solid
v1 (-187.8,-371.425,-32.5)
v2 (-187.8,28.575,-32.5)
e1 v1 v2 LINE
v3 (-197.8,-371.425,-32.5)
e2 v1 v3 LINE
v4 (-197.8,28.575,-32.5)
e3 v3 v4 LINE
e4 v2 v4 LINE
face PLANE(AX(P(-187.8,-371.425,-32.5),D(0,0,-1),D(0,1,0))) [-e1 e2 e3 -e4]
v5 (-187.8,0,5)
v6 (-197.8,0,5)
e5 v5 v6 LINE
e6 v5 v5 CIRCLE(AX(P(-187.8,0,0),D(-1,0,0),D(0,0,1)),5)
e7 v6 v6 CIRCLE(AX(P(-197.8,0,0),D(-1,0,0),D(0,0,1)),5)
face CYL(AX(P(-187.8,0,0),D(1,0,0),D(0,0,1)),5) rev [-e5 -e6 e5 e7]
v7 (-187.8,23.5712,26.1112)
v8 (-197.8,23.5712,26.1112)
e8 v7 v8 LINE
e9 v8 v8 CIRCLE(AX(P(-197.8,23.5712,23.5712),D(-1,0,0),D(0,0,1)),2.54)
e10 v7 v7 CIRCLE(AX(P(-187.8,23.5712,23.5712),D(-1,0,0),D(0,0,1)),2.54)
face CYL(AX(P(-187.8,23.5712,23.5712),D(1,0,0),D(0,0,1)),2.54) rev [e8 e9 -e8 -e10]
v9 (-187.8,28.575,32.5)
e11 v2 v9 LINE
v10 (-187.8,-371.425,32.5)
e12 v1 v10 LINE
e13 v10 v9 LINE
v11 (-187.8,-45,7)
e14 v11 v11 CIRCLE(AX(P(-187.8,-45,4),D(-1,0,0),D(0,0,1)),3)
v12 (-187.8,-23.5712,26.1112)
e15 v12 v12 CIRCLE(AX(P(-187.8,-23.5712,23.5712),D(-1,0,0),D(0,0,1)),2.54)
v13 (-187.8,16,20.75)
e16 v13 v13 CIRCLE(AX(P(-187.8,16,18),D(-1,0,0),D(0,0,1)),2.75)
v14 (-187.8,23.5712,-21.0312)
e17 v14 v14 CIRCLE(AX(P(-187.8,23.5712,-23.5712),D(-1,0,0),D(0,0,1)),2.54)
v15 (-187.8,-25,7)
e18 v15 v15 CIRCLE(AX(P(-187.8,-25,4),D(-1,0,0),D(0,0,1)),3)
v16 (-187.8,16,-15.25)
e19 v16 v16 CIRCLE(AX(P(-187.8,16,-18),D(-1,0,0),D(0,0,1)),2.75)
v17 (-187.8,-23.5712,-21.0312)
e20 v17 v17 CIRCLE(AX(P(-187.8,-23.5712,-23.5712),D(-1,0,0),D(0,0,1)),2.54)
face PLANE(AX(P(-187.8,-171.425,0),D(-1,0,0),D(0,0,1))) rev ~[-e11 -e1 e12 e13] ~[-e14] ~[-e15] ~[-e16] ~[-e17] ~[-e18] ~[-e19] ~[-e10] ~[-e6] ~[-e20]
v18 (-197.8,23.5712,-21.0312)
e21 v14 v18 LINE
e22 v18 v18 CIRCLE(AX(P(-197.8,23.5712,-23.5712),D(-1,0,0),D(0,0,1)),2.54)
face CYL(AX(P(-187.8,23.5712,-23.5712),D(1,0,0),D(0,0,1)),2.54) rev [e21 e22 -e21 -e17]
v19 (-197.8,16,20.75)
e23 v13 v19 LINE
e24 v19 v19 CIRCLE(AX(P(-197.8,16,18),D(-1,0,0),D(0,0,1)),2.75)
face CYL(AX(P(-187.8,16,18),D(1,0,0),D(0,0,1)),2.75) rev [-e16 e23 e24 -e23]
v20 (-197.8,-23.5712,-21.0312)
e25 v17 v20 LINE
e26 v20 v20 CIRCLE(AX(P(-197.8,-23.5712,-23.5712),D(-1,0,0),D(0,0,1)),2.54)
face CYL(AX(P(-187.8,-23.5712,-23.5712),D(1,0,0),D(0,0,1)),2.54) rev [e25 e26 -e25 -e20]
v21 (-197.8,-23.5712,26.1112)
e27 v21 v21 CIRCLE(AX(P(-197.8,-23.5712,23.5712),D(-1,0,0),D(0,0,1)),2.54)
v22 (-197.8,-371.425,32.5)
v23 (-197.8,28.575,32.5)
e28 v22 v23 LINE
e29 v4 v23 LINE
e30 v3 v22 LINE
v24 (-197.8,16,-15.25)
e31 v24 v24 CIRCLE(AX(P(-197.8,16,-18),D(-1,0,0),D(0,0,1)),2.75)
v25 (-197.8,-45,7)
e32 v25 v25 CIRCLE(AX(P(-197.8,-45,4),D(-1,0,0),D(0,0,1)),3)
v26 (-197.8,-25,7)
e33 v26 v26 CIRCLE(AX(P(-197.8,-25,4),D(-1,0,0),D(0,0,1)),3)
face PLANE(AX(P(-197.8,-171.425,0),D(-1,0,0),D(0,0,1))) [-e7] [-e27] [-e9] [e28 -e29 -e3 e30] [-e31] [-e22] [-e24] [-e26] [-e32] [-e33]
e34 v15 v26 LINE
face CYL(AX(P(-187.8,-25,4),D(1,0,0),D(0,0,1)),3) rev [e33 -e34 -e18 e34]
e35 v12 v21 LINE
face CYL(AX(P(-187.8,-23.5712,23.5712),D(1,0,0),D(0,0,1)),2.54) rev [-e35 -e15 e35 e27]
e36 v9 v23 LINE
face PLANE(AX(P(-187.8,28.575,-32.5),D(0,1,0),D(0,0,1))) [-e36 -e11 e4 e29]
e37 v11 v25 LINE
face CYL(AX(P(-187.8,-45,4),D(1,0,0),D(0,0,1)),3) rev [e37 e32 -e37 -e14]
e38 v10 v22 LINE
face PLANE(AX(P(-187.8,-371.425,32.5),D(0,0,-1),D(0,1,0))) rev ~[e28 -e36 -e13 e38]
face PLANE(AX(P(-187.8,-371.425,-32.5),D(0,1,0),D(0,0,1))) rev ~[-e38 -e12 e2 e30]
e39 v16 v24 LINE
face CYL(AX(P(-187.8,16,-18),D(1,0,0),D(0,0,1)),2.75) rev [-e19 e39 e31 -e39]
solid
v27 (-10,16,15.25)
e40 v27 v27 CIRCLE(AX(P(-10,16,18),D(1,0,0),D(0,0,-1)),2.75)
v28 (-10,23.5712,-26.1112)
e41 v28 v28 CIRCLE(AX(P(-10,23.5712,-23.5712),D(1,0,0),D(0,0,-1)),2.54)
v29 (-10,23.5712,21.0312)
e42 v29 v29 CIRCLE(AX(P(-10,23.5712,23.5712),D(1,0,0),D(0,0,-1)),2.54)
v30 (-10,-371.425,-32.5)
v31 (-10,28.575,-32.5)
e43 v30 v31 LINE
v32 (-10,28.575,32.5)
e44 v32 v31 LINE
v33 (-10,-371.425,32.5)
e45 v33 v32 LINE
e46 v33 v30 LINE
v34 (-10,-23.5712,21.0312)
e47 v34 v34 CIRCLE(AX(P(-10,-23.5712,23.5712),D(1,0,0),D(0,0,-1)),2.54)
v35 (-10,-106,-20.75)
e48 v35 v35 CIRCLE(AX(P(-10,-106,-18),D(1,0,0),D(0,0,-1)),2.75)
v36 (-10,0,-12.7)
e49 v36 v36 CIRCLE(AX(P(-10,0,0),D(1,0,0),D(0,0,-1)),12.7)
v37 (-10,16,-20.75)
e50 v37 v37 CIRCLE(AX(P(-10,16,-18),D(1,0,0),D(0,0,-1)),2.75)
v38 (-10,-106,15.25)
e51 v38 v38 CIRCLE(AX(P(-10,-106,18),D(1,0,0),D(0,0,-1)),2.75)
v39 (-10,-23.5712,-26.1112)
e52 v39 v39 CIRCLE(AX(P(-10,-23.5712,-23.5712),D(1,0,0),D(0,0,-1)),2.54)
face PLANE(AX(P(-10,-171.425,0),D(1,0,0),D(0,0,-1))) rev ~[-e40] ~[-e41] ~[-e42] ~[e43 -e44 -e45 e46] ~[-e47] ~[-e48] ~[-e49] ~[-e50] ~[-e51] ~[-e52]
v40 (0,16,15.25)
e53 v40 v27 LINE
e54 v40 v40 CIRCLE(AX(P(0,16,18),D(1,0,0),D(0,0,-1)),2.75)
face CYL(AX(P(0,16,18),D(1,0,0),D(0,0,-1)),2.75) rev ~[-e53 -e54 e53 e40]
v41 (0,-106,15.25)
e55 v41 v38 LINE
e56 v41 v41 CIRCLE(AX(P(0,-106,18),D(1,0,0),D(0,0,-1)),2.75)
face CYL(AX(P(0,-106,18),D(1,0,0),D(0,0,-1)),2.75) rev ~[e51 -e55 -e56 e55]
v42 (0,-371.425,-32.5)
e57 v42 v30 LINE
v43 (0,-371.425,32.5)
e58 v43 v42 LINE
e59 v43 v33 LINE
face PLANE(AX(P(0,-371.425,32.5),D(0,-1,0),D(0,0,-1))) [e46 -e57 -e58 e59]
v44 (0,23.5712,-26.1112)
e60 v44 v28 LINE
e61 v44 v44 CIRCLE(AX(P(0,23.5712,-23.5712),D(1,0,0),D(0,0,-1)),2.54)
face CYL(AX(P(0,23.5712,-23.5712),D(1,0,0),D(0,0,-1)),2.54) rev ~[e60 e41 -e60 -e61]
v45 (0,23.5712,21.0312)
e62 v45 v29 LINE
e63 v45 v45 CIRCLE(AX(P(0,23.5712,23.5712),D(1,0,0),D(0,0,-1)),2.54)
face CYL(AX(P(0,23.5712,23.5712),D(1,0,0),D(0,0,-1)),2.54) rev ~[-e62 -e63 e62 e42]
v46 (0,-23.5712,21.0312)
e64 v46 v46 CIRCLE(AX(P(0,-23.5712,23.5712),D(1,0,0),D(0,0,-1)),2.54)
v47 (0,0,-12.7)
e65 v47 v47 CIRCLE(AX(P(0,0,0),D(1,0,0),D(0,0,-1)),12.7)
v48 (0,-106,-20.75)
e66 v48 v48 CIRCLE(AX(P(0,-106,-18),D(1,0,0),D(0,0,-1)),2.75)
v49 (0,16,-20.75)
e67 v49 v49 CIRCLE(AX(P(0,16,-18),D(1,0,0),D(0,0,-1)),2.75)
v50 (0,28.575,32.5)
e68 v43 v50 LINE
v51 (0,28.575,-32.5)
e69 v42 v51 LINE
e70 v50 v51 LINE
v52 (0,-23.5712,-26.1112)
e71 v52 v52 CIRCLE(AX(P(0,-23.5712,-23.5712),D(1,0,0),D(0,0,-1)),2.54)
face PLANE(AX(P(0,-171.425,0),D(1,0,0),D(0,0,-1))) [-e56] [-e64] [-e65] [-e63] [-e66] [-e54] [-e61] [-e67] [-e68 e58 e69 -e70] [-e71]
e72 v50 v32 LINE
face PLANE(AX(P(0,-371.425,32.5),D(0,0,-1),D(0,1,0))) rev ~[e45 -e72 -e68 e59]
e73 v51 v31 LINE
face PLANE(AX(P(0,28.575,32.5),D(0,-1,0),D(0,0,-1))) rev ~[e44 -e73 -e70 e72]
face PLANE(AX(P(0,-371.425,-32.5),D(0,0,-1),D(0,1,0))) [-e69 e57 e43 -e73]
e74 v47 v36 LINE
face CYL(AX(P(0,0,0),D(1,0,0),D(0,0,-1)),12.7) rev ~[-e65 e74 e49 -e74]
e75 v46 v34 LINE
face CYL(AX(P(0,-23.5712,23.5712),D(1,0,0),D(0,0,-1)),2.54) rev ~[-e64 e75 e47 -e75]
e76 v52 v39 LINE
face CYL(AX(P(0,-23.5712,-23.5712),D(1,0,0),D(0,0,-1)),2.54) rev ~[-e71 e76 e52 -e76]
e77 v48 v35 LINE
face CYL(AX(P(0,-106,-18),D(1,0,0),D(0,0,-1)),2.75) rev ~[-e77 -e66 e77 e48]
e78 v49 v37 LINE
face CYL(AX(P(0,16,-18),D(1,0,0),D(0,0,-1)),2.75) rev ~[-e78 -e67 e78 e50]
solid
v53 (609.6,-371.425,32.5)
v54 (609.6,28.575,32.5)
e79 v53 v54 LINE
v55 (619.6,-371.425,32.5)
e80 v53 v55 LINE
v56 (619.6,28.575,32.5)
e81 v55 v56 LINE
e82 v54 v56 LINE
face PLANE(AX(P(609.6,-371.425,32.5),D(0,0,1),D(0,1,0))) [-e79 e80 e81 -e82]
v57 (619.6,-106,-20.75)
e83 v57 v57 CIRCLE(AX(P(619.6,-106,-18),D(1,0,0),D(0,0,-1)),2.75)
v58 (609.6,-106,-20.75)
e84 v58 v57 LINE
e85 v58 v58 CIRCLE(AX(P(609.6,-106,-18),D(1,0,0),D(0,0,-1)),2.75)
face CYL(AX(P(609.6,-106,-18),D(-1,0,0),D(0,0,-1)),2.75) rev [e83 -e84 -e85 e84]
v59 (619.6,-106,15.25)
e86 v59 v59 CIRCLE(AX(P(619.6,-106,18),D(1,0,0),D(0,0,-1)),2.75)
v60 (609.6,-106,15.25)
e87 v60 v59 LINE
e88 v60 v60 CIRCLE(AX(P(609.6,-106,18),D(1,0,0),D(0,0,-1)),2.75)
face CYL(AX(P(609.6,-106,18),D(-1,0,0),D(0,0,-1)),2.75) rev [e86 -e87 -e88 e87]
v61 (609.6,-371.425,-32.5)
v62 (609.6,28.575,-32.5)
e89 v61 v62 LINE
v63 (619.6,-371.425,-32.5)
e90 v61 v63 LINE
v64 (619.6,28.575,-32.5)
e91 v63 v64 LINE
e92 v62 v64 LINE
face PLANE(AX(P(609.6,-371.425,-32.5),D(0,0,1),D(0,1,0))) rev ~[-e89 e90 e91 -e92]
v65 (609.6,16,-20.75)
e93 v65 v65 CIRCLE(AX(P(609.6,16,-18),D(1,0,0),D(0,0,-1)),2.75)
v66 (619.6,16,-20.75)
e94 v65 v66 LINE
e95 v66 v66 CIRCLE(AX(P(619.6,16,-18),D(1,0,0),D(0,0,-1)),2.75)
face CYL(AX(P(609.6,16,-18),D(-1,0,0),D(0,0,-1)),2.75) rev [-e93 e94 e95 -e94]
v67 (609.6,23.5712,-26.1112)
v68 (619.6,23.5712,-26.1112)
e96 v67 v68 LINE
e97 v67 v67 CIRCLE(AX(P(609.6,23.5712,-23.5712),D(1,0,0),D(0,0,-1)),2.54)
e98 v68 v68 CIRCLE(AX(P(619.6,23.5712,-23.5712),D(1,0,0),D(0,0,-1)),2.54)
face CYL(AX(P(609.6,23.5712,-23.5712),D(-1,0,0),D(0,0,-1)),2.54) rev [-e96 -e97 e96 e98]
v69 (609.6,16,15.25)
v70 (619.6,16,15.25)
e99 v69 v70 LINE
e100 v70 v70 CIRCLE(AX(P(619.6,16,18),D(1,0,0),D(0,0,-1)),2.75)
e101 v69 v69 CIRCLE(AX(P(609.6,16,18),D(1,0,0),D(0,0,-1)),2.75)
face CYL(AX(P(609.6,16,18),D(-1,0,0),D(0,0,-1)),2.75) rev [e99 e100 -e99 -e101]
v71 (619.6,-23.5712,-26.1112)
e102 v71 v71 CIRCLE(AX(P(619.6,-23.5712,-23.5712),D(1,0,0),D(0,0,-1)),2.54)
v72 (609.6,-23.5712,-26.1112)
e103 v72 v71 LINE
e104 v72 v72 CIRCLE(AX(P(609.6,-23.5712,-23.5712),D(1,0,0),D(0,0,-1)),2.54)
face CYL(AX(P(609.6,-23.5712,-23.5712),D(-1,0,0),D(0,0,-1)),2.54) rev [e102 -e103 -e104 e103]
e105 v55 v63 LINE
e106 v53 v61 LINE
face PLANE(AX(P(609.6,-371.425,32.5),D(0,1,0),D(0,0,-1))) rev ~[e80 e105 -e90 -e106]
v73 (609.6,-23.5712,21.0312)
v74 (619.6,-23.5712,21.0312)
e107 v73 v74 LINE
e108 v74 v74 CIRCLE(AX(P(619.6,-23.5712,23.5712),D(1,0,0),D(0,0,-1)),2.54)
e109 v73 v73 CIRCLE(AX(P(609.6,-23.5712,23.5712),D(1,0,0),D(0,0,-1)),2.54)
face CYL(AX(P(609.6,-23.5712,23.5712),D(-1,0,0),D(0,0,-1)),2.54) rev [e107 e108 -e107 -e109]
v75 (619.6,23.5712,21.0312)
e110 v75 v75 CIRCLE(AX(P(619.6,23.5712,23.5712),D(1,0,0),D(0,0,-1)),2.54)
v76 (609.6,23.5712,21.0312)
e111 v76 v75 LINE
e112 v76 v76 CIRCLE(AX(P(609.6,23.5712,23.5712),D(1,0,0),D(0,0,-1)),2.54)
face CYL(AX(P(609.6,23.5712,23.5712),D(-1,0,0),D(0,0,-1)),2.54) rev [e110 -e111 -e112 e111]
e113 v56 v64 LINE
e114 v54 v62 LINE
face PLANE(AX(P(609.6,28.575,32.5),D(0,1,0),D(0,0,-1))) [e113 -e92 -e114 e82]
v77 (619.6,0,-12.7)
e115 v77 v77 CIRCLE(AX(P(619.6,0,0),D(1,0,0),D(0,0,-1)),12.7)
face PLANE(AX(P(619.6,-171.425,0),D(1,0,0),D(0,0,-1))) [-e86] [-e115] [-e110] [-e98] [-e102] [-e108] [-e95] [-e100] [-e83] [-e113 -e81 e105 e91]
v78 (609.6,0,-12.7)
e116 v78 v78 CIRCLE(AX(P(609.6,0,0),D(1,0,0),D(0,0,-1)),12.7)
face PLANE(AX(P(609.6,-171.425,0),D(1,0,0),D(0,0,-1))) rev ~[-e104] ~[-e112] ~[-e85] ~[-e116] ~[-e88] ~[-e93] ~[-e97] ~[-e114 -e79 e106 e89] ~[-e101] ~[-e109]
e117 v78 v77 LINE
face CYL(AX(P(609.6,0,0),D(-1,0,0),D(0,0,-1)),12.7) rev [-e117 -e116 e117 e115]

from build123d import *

# Parameters (mm, degrees)
SKETCH1_W            = 65
SKETCH1_H            = 400
SKETCH1_R            = 2.54
SKETCH1_R_2          = 12.7
SKETCH1_R_3          = 2.75
BOSS_EXTRUDE1_DEPTH  = 10
SKETCH15_W           = 65
SKETCH15_H           = 400
SKETCH15_R           = 2.54
SKETCH15_R_2         = 3
SKETCH15_R_3         = 5
SKETCH15_R_4         = 2.75
BOSS_EXTRUDE11_DEPTH = 10
SKETCH16_W           = 65
SKETCH16_H           = 400
SKETCH16_R           = 2.54
SKETCH16_R_2         = 12.7
SKETCH16_R_3         = 2.75
BOSS_EXTRUDE12_DEPTH = 10


with BuildPart() as part:
    # Sketch1 → Boss-Extrude1 (new body)
    with BuildSketch(Plane(origin=(0, 0, 0), x_dir=(0, 0, -1), z_dir=(1, 0, 0))):
        with Locations((0, -171.425)):
            Rectangle(SKETCH1_W, SKETCH1_H)
        with Locations((-23.5712, 23.5712)):
            Circle(SKETCH1_R, mode=Mode.SUBTRACT)
        with Locations((23.5712, 23.5712)):
            Circle(SKETCH1_R, mode=Mode.SUBTRACT)
        with Locations((23.5712, -23.5712)):
            Circle(SKETCH1_R, mode=Mode.SUBTRACT)
        with Locations((-23.5712, -23.5712)):
            Circle(SKETCH1_R, mode=Mode.SUBTRACT)
        Circle(SKETCH1_R_2, mode=Mode.SUBTRACT)
        with Locations((18, 16)):
            Circle(SKETCH1_R_3, mode=Mode.SUBTRACT)
        with Locations((-18, 16)):
            Circle(SKETCH1_R_3, mode=Mode.SUBTRACT)
        with Locations((18, -106)):
            Circle(SKETCH1_R_3, mode=Mode.SUBTRACT)
        with Locations((-18, -106)):
            Circle(SKETCH1_R_3, mode=Mode.SUBTRACT)
    extrude(amount=-BOSS_EXTRUDE1_DEPTH)


with BuildPart() as body_2:
    # Sketch15 → Boss-Extrude11 (new body)
    with BuildSketch(Plane.ZY.offset(187.8)):
        with Locations((0, -171.425)):
            Rectangle(SKETCH15_W, SKETCH15_H)
        with Locations((-23.5712, 23.5712)):
            Circle(SKETCH15_R, mode=Mode.SUBTRACT)
        with Locations((23.5712, 23.5712)):
            Circle(SKETCH15_R, mode=Mode.SUBTRACT)
        with Locations((-23.5712, -23.5712)):
            Circle(SKETCH15_R, mode=Mode.SUBTRACT)
        with Locations((23.5712, -23.5712)):
            Circle(SKETCH15_R, mode=Mode.SUBTRACT)
        with Locations((4, -25)):
            Circle(SKETCH15_R_2, mode=Mode.SUBTRACT)
        with Locations((4, -45)):
            Circle(SKETCH15_R_2, mode=Mode.SUBTRACT)
        Circle(SKETCH15_R_3, mode=Mode.SUBTRACT)
        with Locations((18, 16)):
            Circle(SKETCH15_R_4, mode=Mode.SUBTRACT)
        with Locations((-18, 16)):
            Circle(SKETCH15_R_4, mode=Mode.SUBTRACT)
    extrude(amount=BOSS_EXTRUDE11_DEPTH)


with BuildPart() as body_3:
    # Sketch16 → Boss-Extrude12 (new body)
    with BuildSketch(Plane(origin=(609.6, 0, 0), x_dir=(0, 0, -1), z_dir=(1, 0, 0))):
        with Locations((0, -171.425)):
            Rectangle(SKETCH16_W, SKETCH16_H)
        with Locations((-23.5712, 23.5712)):
            Circle(SKETCH16_R, mode=Mode.SUBTRACT)
        with Locations((23.5712, 23.5712)):
            Circle(SKETCH16_R, mode=Mode.SUBTRACT)
        with Locations((23.5712, -23.5712)):
            Circle(SKETCH16_R, mode=Mode.SUBTRACT)
        with Locations((-23.5712, -23.5712)):
            Circle(SKETCH16_R, mode=Mode.SUBTRACT)
        Circle(SKETCH16_R_2, mode=Mode.SUBTRACT)
        with Locations((18, 16)):
            Circle(SKETCH16_R_3, mode=Mode.SUBTRACT)
        with Locations((-18, 16)):
            Circle(SKETCH16_R_3, mode=Mode.SUBTRACT)
        with Locations((18, -106)):
            Circle(SKETCH16_R_3, mode=Mode.SUBTRACT)
        with Locations((-18, -106)):
            Circle(SKETCH16_R_3, mode=Mode.SUBTRACT)
    extrude(amount=BOSS_EXTRUDE12_DEPTH)


solid = Compound([part.part, body_2.part, body_3.part])
